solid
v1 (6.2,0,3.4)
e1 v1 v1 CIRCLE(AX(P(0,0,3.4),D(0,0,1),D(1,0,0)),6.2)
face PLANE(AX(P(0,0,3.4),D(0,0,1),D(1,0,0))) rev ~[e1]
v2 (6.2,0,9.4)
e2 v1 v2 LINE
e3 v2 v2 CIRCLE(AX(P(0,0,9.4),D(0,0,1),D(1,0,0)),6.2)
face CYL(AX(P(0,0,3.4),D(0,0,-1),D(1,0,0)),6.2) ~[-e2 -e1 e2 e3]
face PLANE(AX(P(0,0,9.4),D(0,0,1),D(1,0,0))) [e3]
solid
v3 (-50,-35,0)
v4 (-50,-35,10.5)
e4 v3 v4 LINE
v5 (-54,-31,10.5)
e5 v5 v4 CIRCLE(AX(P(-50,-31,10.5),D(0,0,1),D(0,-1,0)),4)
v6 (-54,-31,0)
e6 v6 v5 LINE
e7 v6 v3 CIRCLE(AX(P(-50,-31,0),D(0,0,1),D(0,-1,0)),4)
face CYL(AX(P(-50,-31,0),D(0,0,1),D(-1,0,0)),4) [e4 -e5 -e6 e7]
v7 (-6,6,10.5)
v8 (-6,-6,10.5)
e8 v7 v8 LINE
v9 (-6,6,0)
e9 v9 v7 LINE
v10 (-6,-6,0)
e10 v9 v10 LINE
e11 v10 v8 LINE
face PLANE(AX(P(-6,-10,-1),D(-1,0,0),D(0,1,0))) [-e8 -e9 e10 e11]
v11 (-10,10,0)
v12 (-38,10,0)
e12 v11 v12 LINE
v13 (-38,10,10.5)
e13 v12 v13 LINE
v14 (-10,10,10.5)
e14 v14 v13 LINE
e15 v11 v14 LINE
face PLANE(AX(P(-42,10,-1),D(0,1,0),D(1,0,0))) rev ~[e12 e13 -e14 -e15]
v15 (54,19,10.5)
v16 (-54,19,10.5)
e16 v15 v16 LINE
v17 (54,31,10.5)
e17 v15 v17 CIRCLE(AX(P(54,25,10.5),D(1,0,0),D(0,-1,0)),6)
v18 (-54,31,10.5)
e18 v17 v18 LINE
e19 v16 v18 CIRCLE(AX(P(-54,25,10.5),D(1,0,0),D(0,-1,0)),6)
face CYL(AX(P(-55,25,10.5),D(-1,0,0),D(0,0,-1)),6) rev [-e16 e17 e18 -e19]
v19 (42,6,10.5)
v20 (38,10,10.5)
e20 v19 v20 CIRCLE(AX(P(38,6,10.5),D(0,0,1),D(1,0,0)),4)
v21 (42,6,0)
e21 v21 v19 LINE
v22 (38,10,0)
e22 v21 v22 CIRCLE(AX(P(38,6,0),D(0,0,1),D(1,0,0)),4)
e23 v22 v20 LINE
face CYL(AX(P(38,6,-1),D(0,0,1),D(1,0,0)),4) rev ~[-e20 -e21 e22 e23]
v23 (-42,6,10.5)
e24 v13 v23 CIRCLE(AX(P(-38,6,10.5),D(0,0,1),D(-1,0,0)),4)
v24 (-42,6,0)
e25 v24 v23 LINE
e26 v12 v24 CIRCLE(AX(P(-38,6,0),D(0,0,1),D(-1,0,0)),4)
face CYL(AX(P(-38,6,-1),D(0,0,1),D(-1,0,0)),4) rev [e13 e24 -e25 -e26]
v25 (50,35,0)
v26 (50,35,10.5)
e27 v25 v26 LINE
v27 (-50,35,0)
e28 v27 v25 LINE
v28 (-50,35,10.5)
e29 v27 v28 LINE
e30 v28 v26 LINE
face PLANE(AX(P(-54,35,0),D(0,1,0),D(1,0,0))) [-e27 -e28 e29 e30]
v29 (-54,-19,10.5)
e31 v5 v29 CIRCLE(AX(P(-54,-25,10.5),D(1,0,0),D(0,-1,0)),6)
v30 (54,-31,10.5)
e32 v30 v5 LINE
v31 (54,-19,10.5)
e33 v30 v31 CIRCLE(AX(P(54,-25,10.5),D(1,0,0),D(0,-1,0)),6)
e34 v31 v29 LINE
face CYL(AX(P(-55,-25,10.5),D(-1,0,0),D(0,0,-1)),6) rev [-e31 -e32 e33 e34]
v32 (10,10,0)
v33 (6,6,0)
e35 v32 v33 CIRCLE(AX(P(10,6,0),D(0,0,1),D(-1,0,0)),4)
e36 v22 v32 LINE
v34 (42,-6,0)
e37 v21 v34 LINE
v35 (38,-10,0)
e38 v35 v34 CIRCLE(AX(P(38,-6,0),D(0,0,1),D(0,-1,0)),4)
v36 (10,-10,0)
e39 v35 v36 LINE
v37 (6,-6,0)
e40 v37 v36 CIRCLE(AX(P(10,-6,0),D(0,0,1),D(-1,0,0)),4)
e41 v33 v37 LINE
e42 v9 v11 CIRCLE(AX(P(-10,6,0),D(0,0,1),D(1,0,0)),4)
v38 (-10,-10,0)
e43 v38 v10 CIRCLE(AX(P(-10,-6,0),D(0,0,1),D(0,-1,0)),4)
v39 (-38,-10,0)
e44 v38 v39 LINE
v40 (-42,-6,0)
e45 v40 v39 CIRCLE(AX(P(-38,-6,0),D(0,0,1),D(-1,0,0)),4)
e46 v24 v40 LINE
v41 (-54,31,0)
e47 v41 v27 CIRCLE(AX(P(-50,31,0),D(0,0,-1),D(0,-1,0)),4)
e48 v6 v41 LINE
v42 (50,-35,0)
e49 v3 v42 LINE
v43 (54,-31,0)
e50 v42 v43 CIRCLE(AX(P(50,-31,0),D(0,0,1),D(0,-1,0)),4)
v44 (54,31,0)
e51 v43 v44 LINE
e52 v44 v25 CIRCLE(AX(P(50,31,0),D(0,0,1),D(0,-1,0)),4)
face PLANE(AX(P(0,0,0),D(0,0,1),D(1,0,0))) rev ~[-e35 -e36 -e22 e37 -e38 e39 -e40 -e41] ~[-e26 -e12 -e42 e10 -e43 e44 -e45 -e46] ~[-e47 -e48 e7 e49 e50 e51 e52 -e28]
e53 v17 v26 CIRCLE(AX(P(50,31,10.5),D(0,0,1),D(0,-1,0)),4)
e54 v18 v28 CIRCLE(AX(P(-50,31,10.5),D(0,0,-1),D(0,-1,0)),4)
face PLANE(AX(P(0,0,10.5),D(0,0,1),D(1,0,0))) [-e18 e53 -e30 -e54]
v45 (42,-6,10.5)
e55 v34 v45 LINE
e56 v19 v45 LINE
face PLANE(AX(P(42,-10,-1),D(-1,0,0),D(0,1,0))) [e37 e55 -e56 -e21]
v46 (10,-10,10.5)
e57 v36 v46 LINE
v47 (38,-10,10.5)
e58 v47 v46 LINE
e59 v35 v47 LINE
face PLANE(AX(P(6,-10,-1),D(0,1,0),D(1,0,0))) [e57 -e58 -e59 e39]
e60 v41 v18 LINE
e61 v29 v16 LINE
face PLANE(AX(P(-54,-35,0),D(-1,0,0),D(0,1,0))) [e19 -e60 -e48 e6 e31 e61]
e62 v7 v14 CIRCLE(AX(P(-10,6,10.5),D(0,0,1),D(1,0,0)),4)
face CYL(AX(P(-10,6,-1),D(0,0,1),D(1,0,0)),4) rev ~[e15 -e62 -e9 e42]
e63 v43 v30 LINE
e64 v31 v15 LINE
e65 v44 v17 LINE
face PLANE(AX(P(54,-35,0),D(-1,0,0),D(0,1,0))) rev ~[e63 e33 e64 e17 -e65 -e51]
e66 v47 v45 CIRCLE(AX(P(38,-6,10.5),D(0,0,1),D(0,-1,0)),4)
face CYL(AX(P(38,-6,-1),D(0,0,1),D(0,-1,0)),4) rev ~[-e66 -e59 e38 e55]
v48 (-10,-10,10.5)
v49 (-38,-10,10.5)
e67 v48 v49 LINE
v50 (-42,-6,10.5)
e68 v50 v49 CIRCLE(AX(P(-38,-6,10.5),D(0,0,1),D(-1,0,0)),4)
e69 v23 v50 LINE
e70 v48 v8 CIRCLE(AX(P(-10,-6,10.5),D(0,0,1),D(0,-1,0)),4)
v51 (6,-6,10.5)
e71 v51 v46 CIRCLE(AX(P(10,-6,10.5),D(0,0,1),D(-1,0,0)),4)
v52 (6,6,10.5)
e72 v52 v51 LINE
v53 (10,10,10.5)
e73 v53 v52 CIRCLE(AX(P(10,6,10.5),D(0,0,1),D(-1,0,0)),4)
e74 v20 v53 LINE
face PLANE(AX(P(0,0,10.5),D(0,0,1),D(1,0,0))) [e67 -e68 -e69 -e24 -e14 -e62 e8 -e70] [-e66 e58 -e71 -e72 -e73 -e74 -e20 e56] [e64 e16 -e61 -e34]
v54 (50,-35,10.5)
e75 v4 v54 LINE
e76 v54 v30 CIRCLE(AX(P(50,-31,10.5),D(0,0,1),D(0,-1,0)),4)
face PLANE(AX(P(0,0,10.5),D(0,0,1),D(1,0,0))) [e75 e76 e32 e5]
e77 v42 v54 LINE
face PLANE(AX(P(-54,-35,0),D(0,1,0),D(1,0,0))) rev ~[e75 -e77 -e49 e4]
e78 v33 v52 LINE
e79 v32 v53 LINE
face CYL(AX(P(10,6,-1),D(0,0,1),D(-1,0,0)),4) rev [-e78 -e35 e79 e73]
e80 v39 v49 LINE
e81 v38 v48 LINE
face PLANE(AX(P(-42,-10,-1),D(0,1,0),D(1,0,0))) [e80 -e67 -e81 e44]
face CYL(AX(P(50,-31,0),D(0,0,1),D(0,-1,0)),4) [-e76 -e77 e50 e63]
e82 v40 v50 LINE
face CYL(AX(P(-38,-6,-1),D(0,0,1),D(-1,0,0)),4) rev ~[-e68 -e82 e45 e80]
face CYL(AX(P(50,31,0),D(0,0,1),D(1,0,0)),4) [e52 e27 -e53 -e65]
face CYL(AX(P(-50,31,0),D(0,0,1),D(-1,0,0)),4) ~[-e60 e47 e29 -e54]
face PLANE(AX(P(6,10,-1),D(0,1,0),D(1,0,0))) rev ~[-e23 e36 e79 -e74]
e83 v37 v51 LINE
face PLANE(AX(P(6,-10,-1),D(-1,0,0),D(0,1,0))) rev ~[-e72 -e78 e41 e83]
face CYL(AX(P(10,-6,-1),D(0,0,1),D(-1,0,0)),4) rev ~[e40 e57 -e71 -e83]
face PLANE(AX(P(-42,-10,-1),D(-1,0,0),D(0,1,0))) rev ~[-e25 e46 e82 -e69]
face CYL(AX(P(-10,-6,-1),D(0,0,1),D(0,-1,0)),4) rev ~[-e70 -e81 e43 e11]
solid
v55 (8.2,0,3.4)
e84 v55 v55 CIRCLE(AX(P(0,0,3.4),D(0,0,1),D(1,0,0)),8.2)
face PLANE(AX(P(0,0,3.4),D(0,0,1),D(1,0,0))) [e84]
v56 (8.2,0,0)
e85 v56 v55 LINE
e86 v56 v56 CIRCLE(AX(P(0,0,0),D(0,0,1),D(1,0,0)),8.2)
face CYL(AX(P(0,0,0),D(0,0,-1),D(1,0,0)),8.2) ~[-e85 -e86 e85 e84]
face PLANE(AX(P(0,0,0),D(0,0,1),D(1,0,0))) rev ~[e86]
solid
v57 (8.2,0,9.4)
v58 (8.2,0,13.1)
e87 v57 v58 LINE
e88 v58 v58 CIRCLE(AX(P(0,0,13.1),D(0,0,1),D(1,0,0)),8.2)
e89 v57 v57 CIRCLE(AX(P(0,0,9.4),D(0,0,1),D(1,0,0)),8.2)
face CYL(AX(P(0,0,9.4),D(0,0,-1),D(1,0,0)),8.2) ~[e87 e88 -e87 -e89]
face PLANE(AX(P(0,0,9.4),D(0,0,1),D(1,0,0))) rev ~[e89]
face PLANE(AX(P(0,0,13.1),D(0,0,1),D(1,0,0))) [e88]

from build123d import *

# Parameters (mm, degrees)
EXTR_OUTUP_R      = 8.2
EXTR_OUTUP_DEPTH  = 3.7
EXTR_IN_R         = 6.2
EXTR_IN_DEPTH     = 6
EXTR_OUTBOT_R     = 8.2
EXTR_OUTBOT_DEPTH = 3.4
INRECT_N_W        = 36
INRECT_N_H        = 20
INRECT_N_DEPTH    = 12.5
INRECT_N_FLLT_R   = 4
ROD_N_R           = 6
ROD_N_DEPTH       = 110
ROD_N_PITCH_ANGLE = 90
ROD_P_R           = 6
ROD_P_DEPTH       = 110
ROD_P_PITCH_ANGLE = 90
INRECT_P_W        = 36
INRECT_P_H        = 20
INRECT_P_DEPTH    = 12.5
INRECT_P_FLLT_R   = 4
TOTAL_BOX_W       = 108
TOTAL_BOX_H       = 70
TOTAL_BOX_DEPTH   = 10.5
TOT_BOX_FLLT_R    = 4


with BuildPart() as extr_outup:
    # extr_outup → extr_outup (new body)
    with BuildSketch(Plane.XY.offset(9.4)):
        Circle(EXTR_OUTUP_R)
    extrude(amount=EXTR_OUTUP_DEPTH)


with BuildPart() as extr_in:
    # extr_in → extr_in (new body)
    with BuildSketch(Plane.XY.offset(3.4)):
        Circle(EXTR_IN_R)
    extrude(amount=EXTR_IN_DEPTH)


with BuildPart() as extr_outbot:
    # extr_outbot → extr_outbot (new body)
    with BuildSketch(Plane.XY):
        Circle(EXTR_OUTBOT_R)
    extrude(amount=EXTR_OUTBOT_DEPTH)


with BuildPart() as inrect_n_fllt:
    # inrect_n → inrect_n (new body)
    with BuildSketch(Plane(origin=(-42, -10, -1), x_dir=(1, 0, 0), z_dir=(0, 0, 1))):
        with Locations((18, 10)):
            Rectangle(INRECT_N_W, INRECT_N_H)
    extrude(amount=INRECT_N_DEPTH)

    # inrect_n_fllt
    inrect_n_fllt_edges = [inrect_n_fllt.edges().sort_by_distance(p)[0] for p in [
        (-42, -10, 5.25),
        (-42, 10, 5.25),
        (-6, -10, 5.25),
        (-6, 10, 5.25),
    ]]
    fillet(inrect_n_fllt_edges, radius=INRECT_N_FLLT_R)


with BuildPart() as rod_n:
    # rod_n → rod_n (new body)
    with BuildSketch(Plane.XY):
        Circle(ROD_N_R)
    extrude(amount=ROD_N_DEPTH)


with BuildPart() as rod_n_1:
    # rod_n pitch: moved
    add(rod_n.part.rotate(Axis((0, 0, 0), (0, 1, 0)), ROD_N_PITCH_ANGLE))


with BuildPart() as rod_n_2:
    # rod_n placement: moved
    add(rod_n_1.part.moved(Location((-55, -25, 10.5))))


with BuildPart() as rod_p:
    # rod_p → rod_p (new body)
    with BuildSketch(Plane.XY):
        Circle(ROD_P_R)
    extrude(amount=ROD_P_DEPTH)


with BuildPart() as rod_p_1:
    # rod_p pitch: moved
    add(rod_p.part.rotate(Axis((0, 0, 0), (0, 1, 0)), ROD_P_PITCH_ANGLE))


with BuildPart() as rod_p_2:
    # rod_p placement: moved
    add(rod_p_1.part.moved(Location((-55, 25, 10.5))))


with BuildPart() as fuse_holes:
    # inrect_p → inrect_p (new body)
    with BuildSketch(Plane(origin=(6, -10, -1), x_dir=(1, 0, 0), z_dir=(0, 0, 1))):
        with Locations((18, 10)):
            Rectangle(INRECT_P_W, INRECT_P_H)
    extrude(amount=INRECT_P_DEPTH)

    # inrect_p_fllt
    inrect_p_fllt_edges = [fuse_holes.edges().sort_by_distance(p)[0] for p in [
        (6, -10, 5.25),
        (6, 10, 5.25),
        (42, -10, 5.25),
        (42, 10, 5.25),
    ]]
    fillet(inrect_p_fllt_edges, radius=INRECT_P_FLLT_R)

    # fuse_holes: union inrect_n_fllt, rod_n, rod_p
    add(inrect_n_fllt.part)
    add(rod_n_2.part)
    add(rod_p_2.part)


with BuildPart() as carr_hole:
    # total_box → total_box (new body)
    with BuildSketch(Plane(origin=(-54, -35, 0), x_dir=(1, 0, 0), z_dir=(0, 0, 1))):
        with Locations((54, 35)):
            Rectangle(TOTAL_BOX_W, TOTAL_BOX_H)
    extrude(amount=TOTAL_BOX_DEPTH)

    # tot_box_fllt
    tot_box_fllt_edges = [carr_hole.edges().sort_by_distance(p)[0] for p in [
        (-54, -35, 5.25),
        (-54, 35, 5.25),
        (54, -35, 5.25),
        (54, 35, 5.25),
    ]]
    fillet(tot_box_fllt_edges, radius=TOT_BOX_FLLT_R)

    # carr_hole: cut fuse_holes
    add(fuse_holes.part, mode=Mode.SUBTRACT)


solid = Compound([extr_outup.part, extr_in.part, extr_outbot.part, carr_hole.part])
